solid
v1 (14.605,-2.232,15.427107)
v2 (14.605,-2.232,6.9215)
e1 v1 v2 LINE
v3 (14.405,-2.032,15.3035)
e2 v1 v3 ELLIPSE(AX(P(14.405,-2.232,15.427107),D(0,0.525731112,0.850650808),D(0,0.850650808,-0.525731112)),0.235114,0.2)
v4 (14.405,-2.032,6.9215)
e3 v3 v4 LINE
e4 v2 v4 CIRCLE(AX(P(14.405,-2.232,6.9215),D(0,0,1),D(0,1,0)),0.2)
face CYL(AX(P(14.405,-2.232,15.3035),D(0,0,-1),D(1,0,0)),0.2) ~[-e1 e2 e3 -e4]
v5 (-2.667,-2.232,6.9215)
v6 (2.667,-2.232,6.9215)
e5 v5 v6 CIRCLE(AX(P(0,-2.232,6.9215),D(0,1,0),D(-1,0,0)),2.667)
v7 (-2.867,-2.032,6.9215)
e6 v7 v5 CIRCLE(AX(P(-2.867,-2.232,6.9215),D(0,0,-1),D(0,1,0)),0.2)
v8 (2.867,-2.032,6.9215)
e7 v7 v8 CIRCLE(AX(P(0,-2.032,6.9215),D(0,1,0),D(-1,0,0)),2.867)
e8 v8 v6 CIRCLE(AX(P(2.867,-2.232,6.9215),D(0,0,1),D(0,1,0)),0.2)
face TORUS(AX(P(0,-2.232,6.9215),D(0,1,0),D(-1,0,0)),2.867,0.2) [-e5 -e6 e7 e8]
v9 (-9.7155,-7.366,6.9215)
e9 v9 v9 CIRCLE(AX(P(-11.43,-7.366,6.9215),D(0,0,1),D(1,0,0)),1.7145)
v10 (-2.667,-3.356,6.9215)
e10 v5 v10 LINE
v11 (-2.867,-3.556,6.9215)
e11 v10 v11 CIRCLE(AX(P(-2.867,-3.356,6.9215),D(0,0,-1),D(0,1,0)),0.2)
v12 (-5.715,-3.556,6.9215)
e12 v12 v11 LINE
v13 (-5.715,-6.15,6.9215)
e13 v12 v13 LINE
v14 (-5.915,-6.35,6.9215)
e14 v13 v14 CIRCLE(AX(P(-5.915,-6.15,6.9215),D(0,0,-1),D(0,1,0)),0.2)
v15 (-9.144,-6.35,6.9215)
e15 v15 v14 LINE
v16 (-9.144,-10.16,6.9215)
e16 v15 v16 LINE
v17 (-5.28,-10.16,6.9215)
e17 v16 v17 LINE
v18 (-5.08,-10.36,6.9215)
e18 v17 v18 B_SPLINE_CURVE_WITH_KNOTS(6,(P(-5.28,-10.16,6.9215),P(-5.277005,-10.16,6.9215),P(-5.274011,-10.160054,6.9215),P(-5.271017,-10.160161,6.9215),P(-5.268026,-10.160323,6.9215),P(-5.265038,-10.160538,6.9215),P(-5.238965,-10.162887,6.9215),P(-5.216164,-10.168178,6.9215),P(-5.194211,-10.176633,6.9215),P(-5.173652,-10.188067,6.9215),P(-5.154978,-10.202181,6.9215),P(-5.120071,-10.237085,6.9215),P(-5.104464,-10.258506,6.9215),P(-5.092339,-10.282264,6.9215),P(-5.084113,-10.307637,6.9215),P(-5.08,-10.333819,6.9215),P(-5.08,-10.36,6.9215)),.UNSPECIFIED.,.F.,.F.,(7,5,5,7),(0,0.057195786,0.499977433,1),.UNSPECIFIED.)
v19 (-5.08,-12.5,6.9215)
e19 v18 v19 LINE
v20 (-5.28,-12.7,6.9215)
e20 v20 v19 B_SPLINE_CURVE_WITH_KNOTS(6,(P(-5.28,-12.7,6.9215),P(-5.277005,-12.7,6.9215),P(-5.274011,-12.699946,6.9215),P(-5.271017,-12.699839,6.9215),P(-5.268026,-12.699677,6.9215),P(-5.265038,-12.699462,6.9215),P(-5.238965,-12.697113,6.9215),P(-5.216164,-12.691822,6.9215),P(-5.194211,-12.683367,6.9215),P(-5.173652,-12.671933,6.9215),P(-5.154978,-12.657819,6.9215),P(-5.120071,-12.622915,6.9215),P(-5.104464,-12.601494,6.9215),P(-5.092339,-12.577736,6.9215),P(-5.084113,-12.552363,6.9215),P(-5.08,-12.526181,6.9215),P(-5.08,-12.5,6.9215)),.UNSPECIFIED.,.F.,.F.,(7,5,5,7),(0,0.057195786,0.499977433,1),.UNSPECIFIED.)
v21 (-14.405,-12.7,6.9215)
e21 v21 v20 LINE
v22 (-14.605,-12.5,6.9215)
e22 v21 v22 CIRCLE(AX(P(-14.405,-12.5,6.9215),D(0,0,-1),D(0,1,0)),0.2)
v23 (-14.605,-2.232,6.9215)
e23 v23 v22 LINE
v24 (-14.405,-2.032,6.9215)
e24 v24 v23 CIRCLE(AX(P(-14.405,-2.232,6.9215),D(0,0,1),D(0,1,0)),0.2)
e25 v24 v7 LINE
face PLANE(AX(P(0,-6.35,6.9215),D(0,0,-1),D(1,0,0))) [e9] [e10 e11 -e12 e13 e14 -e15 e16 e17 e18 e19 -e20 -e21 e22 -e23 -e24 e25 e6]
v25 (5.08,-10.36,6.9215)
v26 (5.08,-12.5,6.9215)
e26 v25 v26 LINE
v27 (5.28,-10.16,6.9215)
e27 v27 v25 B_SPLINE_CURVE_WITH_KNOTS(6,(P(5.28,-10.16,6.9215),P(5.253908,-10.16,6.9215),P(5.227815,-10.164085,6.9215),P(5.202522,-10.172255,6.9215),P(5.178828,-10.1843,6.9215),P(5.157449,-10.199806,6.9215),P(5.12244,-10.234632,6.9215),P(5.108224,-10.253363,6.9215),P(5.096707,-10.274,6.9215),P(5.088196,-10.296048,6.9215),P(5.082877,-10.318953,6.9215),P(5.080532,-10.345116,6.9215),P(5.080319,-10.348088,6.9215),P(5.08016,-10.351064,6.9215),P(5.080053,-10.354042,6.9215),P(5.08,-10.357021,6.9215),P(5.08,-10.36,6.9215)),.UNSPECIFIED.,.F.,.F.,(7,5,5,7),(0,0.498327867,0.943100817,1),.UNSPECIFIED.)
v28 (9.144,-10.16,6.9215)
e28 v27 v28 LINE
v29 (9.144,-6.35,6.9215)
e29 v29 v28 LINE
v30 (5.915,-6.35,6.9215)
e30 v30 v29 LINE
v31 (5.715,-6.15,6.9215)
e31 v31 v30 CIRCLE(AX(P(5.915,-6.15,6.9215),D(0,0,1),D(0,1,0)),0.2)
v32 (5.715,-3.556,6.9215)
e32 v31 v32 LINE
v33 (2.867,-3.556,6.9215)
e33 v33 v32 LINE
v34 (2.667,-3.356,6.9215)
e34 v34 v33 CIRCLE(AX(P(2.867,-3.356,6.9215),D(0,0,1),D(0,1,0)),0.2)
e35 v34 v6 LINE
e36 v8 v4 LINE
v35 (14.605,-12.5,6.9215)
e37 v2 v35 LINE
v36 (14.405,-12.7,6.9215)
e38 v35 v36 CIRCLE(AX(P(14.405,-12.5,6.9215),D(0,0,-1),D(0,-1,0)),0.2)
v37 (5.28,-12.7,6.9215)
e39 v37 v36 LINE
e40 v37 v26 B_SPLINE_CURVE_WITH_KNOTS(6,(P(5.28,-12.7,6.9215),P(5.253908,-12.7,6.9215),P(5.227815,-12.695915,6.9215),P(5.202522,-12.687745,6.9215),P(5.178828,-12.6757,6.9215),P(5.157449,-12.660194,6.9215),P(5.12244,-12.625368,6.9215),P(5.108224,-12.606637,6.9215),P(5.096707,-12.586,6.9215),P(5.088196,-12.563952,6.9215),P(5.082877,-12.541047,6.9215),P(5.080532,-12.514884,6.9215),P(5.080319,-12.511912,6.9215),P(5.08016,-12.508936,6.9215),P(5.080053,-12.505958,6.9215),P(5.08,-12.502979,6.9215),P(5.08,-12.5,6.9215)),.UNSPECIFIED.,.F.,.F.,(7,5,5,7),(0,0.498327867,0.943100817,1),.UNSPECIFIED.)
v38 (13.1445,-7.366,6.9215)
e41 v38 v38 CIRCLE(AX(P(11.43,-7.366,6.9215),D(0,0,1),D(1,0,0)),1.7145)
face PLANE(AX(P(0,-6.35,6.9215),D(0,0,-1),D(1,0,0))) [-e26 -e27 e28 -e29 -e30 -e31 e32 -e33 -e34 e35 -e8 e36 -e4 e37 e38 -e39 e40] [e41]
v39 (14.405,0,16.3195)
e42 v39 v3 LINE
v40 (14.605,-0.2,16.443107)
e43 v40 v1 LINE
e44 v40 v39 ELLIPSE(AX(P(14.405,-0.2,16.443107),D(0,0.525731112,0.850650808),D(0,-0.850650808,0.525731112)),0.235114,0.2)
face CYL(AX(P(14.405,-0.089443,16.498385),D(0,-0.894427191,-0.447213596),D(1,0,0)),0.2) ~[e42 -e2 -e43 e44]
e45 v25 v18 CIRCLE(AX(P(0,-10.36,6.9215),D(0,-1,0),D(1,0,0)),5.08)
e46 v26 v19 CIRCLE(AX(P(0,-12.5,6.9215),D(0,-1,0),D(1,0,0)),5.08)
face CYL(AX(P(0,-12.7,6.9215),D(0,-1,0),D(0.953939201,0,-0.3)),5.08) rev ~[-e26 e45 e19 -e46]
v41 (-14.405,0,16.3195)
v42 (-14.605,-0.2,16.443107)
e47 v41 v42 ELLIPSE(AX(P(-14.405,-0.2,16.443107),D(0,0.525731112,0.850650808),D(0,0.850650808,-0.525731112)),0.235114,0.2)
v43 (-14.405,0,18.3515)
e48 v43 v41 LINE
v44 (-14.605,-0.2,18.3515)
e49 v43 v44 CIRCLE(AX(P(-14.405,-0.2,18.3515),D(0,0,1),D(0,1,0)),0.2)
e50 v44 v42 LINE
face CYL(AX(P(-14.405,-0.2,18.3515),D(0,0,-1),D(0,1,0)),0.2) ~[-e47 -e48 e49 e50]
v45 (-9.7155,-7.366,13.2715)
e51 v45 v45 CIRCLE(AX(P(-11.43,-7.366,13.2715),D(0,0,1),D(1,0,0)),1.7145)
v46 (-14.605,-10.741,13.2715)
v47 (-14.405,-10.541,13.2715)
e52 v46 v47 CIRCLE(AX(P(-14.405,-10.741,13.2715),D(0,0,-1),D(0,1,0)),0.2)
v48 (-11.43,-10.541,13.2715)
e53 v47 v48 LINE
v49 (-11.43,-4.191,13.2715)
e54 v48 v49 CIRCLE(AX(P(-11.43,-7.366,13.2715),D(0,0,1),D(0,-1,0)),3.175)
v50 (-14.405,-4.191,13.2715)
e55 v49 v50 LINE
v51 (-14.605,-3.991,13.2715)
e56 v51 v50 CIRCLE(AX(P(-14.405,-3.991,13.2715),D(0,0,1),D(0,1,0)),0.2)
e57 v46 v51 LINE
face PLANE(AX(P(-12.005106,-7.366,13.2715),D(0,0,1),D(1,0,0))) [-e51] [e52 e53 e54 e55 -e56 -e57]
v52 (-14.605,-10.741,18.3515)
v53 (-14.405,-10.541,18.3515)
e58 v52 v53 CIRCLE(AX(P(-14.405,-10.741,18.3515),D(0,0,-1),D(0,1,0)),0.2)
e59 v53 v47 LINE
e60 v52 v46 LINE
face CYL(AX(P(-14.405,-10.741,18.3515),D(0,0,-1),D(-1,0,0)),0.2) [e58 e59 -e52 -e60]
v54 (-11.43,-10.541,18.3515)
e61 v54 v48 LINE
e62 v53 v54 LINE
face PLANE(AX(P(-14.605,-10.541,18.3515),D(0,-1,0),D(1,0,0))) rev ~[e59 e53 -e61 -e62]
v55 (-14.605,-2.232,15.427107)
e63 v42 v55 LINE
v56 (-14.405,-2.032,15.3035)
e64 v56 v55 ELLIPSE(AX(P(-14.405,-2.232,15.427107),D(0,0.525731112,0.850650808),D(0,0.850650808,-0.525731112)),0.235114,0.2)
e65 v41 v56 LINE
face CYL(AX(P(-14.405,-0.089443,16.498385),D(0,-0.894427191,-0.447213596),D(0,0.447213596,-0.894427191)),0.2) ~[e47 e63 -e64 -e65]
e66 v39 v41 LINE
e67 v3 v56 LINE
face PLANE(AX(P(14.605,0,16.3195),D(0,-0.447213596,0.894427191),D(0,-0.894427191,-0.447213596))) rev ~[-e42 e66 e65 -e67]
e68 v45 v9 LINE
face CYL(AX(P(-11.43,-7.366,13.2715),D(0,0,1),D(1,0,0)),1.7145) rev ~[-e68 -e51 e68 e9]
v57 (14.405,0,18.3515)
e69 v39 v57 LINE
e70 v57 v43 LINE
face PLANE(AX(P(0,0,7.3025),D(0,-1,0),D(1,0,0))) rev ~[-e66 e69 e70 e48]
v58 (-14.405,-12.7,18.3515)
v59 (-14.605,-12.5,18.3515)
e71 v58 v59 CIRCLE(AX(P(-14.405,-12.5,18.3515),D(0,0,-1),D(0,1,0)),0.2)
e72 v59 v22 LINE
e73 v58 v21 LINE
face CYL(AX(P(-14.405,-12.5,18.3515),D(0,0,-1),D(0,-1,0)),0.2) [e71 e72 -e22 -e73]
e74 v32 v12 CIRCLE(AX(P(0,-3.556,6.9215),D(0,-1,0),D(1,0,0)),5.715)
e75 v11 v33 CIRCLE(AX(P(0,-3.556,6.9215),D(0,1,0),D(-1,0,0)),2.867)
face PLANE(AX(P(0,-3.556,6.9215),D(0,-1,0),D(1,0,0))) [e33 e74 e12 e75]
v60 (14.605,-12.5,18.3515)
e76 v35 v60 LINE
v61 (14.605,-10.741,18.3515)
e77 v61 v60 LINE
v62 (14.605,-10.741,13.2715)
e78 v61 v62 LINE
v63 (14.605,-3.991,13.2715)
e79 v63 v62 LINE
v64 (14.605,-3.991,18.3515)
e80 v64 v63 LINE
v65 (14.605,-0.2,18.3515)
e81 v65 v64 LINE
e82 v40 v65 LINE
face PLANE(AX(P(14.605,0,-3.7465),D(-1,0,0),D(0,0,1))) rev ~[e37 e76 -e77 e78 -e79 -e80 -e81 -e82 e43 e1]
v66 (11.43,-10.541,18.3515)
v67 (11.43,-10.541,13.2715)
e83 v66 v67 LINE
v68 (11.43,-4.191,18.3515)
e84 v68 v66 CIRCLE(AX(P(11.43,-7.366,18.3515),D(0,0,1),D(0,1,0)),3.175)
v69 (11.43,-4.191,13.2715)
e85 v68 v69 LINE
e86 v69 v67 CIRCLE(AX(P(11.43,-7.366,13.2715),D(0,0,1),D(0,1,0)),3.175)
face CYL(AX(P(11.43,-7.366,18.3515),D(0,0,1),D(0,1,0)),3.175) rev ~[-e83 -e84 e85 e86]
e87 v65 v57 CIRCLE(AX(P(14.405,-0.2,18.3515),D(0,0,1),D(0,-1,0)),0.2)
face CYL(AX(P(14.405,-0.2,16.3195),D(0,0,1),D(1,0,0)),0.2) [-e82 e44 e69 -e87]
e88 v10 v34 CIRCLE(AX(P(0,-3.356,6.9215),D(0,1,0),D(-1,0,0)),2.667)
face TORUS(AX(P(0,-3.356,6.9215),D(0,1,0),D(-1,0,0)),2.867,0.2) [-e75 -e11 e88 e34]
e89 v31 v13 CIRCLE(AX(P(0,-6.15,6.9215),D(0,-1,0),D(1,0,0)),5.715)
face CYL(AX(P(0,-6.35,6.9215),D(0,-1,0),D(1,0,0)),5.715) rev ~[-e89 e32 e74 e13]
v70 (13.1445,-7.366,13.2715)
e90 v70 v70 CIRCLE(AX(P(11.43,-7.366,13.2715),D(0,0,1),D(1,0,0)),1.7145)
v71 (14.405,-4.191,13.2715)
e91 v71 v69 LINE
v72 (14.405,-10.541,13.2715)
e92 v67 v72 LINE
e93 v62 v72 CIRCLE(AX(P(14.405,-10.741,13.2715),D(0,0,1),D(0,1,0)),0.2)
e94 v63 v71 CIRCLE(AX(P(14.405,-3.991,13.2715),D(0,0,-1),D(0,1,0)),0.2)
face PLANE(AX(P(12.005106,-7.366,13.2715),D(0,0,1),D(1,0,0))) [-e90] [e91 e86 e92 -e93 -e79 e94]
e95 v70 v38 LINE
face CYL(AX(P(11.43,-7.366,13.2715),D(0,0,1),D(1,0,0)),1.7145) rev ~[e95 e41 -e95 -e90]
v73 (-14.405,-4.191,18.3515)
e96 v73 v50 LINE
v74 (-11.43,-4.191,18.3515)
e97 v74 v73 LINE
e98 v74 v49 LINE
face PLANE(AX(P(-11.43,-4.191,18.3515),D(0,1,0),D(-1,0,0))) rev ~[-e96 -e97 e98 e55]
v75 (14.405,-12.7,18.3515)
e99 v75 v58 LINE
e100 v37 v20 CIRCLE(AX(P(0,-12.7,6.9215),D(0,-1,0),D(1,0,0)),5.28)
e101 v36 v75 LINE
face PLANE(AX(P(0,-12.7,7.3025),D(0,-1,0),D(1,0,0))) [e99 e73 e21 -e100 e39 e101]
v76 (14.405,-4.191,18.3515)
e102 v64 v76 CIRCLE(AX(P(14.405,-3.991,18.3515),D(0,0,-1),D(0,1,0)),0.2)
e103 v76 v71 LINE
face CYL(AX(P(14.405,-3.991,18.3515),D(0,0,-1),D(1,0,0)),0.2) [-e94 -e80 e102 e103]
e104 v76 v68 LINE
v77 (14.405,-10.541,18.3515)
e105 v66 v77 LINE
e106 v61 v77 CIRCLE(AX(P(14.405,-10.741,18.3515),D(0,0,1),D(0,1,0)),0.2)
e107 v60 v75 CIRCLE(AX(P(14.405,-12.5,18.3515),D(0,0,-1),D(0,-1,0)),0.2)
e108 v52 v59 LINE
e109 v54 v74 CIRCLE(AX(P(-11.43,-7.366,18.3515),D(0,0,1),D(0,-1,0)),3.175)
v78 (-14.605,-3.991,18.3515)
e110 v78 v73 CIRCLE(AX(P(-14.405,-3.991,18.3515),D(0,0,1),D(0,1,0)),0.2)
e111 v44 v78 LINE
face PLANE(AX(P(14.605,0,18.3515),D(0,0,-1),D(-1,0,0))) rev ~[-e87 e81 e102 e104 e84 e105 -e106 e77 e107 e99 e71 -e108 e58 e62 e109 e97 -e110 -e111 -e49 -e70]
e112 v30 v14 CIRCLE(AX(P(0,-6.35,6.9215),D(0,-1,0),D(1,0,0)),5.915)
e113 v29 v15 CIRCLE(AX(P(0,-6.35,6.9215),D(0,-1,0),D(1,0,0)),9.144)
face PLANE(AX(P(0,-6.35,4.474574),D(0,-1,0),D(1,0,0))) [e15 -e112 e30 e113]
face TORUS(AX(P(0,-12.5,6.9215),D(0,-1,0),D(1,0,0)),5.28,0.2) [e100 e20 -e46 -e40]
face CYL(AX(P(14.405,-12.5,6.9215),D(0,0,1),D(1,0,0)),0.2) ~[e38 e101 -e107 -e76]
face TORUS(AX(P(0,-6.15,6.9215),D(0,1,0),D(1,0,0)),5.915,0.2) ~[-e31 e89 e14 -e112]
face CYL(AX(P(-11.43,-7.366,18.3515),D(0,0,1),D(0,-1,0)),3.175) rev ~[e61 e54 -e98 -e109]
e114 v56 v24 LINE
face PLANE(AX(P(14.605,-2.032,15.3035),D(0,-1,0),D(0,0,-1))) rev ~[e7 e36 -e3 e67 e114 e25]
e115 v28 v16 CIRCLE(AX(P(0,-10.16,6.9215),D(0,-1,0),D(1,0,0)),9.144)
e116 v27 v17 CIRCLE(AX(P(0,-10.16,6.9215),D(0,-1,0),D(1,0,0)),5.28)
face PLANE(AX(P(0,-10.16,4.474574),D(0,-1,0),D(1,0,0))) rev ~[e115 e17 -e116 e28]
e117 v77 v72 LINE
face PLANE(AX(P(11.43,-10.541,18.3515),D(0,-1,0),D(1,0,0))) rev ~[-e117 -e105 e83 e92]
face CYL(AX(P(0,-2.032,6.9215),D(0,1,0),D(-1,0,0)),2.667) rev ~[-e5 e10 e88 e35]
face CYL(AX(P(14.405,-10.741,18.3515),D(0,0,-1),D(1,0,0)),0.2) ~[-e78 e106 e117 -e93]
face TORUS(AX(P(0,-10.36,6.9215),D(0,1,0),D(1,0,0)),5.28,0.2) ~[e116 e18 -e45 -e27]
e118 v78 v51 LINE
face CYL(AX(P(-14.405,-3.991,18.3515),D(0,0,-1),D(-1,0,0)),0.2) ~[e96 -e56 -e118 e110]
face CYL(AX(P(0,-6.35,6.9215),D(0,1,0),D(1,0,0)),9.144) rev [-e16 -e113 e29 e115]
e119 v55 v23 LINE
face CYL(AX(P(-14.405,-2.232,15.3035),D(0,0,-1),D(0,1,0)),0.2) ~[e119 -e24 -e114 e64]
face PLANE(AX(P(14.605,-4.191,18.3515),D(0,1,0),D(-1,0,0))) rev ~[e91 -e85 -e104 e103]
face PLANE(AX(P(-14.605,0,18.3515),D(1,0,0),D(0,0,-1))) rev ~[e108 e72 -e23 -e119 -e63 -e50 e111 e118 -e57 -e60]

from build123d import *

# Parameters (mm, degrees)
F1_DEPTH  = 12.7
F4_DEPTH  = 3.81
F6_DEPTH  = 8.636
F8_DEPTH  = 29.211
F9_R      = 2.667
F10_DEPTH = 4.318
F12_DEPTH = 5.08
F13_R     = 1.7145
F14_DEPTH = 12.7
F15_R     = 5.715
F16_DEPTH = 2.794
F17_W     = 29.21
F17_H     = 12.7
F18_DEPTH = 10.668
F19_R     = 0.2


with BuildPart() as f1:
    # F0 (on Front) → F1 (new body)
    with BuildSketch(Plane.XZ):
        Polygon((-14.605, -3.7465), (14.605, -3.7465), (14.605, 3.7465), (14.605, 18.3515), (-14.605, 18.3515), (-14.605, 3.7465), align=None)
    extrude(amount=F1_DEPTH)

    # F3 (on offset) → F4 (cut)
    with BuildSketch(Plane.XZ.offset(6.35)):
        with BuildLine():
            Line((-9.144, -3.7465), (9.144, -3.7465))
            Line((9.144, -3.7465), (9.144, 6.9215))
            ThreePointArc((9.144, 6.9215), (0, 16.0655), (-9.144, 6.9215))
            Line((-9.144, 6.9215), (-9.144, -3.7465))
        make_face()
    extrude(amount=F4_DEPTH, mode=Mode.SUBTRACT)

    # F5 (on face) → F6 (cut)
    with BuildSketch(Plane.XZ.offset(12.7)):
        with BuildLine():
            Line((6.35, -3.7465), (4.8460111432, 5.3975))
            ThreePointArc((4.8460111432, 5.3975), (0, 12.0015), (-4.8460111432, 5.3975))
            Line((-4.8460111432, 5.3975), (-6.35, -3.7465))
            Line((-6.35, -3.7465), (6.35, -3.7465))
        make_face()
    extrude(amount=-F6_DEPTH, mode=Mode.SUBTRACT)

    # F7 (on face) → F8 (cut, through all)
    with BuildSketch(Plane.YZ.offset(14.605)):
        Polygon((-2.032, -0.6985), (0, -1.7145), (0, 16.3195), (-2.032, 15.3035), align=None)
    extrude(amount=-F8_DEPTH, mode=Mode.SUBTRACT)

    # F9 (on face) → F10 (cut, through all)
    with BuildSketch(Plane(origin=(0, -2.032, 0), x_dir=(-1, 0, 0), z_dir=(0, 1, 0))):
        with Locations((0, 6.9215)):
            Circle(F9_R)
    extrude(amount=-F10_DEPTH, mode=Mode.SUBTRACT)

    # F11 (on face) → F12 (cut)
    with BuildSketch(Plane.XY.offset(18.3515)):
        with BuildLine():
            Line((14.605, -4.191), (11.43, -4.191))
            ThreePointArc((11.43, -4.191), (8.255, -7.366), (11.43, -10.541))
            Line((11.43, -10.541), (14.605, -10.541))
            Line((14.605, -10.541), (14.605, -4.191))
        make_face()
        with BuildLine():
            ThreePointArc((-11.43, -10.541), (-8.255, -7.366), (-11.43, -4.191))
            Line((-11.43, -4.191), (-14.605, -4.191))
            Line((-14.605, -4.191), (-14.605, -10.541))
            Line((-14.605, -10.541), (-11.43, -10.541))
        make_face()
    extrude(amount=-F12_DEPTH, mode=Mode.SUBTRACT)

    # F13 (on face) → F14 (cut)
    with BuildSketch(Plane.XY.offset(13.2715)):
        with Locations((11.43, -7.366)):
            Circle(F13_R)
        with Locations((-11.43, -7.366)):
            Circle(F13_R)
    extrude(amount=-F14_DEPTH, mode=Mode.SUBTRACT)

    # F15 (on face) → F16 (cut)
    with BuildSketch(Plane.XZ.offset(6.35)):
        with Locations((0, 6.9215)):
            Circle(F15_R)
    extrude(amount=-F16_DEPTH, mode=Mode.SUBTRACT)

    # F17 (on face) → F18 (cut)
    with BuildSketch(Plane(origin=(0, 0, -3.7465), x_dir=(1, 0, 0), z_dir=(0, 0, -1))):
        with Locations((0, 6.35)):
            Rectangle(F17_W, F17_H)
    extrude(amount=-F18_DEPTH, mode=Mode.SUBTRACT)

    # F19
    f19_edges = [f1.edges().sort_by_distance(p)[0] for p in [
        (14.605, -12.7, 12.6365),
        (14.605, -2.032, 11.1125),
        (14.605, -1.016, 15.8115),
        (14.605, 0, 17.3355),
        (14.605, -10.541, 15.8115),
        (14.605, -4.191, 15.8115),
        (-14.605, -12.7, 12.6365),
        (-14.605, -10.541, 15.8115),
        (-14.605, -4.191, 15.8115),
        (-14.605, 0, 17.3355),
        (-14.605, -2.032, 11.1125),
        (-14.605, -1.016, 15.8115),
        (0, -12.7, 12.0015),
        (0, -10.16, 12.0015),
        (0, -6.35, 12.6365),
        (0, -3.556, 9.5885),
        (0, -2.032, 9.5885),
    ]]
    fillet(f19_edges, radius=F19_R)


solid = f1.part
